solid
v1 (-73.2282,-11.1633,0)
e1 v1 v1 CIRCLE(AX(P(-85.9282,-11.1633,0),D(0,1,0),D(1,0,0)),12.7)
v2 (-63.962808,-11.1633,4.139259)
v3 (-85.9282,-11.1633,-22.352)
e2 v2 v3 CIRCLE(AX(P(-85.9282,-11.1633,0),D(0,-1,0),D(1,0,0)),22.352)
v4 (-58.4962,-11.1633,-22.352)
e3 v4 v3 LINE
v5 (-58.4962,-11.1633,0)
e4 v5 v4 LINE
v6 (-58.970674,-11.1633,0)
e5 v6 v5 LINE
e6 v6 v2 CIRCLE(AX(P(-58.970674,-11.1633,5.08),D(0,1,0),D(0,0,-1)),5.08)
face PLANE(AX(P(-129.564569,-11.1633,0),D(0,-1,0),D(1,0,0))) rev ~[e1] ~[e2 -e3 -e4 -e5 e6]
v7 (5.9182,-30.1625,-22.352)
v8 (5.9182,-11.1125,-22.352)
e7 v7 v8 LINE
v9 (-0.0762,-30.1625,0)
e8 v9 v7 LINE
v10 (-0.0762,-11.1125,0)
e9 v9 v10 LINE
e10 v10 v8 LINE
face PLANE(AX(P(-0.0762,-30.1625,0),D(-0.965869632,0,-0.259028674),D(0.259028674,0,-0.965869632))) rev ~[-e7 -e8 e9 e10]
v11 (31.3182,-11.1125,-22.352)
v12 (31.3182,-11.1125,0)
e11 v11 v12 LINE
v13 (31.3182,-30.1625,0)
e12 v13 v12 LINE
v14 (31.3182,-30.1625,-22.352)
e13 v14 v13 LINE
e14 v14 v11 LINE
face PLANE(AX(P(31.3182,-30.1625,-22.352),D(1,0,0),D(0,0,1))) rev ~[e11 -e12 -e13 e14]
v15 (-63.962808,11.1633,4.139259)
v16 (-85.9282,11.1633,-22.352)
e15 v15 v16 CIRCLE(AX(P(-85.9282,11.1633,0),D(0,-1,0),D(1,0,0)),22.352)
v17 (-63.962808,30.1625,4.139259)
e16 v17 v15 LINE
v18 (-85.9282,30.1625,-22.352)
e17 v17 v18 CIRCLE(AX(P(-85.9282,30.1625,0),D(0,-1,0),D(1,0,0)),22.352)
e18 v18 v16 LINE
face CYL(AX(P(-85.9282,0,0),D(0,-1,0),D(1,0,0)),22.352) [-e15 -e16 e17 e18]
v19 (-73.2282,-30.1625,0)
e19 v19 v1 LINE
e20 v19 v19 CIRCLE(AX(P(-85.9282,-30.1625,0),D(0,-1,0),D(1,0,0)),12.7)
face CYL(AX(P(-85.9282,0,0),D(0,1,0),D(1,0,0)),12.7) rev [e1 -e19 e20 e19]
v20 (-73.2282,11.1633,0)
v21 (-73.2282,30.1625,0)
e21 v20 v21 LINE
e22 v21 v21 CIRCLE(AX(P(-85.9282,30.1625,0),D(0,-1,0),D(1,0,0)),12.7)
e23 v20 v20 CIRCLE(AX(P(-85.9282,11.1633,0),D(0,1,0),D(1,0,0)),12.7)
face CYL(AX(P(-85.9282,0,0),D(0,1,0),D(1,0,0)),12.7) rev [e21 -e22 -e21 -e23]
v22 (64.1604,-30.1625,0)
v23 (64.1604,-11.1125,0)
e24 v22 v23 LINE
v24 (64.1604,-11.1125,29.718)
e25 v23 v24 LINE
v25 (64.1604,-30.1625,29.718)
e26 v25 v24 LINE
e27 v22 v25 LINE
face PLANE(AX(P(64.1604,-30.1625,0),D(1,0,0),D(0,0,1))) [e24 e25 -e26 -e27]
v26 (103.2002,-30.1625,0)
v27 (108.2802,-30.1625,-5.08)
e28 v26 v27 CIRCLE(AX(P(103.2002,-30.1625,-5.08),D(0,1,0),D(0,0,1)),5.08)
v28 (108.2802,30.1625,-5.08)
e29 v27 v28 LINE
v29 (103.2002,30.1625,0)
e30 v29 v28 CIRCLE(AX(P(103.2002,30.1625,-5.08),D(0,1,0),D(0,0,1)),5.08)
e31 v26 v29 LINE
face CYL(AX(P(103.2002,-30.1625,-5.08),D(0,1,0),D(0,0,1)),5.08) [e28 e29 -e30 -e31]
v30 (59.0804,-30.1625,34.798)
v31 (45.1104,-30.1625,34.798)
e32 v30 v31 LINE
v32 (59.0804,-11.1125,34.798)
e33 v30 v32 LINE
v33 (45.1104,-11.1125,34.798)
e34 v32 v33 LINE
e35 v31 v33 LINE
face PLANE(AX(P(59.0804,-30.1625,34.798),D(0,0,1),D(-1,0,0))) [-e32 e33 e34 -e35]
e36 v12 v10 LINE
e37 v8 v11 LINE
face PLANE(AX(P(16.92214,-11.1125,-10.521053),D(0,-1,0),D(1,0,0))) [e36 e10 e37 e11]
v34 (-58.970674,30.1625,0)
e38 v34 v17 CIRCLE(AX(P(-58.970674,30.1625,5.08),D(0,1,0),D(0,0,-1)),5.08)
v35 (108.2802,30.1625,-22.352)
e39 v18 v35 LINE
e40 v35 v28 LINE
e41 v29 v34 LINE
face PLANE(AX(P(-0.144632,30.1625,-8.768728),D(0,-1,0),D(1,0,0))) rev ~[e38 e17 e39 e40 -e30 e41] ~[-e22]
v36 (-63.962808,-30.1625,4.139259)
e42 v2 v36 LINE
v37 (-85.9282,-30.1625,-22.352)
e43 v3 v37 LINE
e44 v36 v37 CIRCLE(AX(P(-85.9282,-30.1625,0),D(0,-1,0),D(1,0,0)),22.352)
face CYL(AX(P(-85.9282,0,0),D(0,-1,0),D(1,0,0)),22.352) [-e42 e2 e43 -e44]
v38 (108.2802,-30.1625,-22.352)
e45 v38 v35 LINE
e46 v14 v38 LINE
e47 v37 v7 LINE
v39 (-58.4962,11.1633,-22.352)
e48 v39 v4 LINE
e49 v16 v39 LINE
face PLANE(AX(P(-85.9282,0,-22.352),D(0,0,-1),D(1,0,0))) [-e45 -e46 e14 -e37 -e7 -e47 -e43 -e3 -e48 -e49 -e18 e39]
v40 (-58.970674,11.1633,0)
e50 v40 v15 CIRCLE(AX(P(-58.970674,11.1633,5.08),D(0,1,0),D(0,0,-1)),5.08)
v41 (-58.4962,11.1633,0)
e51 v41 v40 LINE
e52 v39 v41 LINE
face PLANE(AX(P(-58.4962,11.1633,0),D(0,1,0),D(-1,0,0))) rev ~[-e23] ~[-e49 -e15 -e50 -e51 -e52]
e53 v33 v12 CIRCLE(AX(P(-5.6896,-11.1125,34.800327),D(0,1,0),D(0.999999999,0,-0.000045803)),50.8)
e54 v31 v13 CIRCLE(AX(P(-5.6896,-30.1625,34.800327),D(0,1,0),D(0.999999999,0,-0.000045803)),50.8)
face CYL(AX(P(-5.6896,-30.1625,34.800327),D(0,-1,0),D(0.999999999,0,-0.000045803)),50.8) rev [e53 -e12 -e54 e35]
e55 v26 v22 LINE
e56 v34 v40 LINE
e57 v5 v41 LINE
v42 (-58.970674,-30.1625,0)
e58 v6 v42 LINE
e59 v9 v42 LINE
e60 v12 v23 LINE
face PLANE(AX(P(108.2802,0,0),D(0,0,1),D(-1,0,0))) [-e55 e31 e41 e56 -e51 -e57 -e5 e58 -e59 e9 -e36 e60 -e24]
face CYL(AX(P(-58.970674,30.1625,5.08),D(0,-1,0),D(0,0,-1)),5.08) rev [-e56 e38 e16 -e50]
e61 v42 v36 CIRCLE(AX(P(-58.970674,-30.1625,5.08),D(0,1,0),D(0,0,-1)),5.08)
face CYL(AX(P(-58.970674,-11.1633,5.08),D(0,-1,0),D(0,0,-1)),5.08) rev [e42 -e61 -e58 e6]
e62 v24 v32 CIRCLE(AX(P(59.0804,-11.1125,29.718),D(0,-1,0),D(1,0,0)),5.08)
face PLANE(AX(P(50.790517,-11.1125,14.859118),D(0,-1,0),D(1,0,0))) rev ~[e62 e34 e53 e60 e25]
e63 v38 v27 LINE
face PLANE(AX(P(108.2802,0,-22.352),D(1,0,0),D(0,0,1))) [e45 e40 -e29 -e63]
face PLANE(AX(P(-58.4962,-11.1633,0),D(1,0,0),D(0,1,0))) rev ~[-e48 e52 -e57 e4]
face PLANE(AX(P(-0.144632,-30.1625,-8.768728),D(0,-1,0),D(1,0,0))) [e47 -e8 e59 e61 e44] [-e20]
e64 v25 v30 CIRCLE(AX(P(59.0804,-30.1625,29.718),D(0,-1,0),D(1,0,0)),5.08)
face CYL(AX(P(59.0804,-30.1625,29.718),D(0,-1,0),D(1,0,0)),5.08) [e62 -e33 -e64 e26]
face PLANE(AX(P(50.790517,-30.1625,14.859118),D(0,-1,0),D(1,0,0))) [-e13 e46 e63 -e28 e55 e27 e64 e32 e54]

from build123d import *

# Parameters (mm, degrees)
F0_R     = 12.7
F1_DEPTH = 30.1625
F2_W     = 5.08
F2_H     = 22.3266
F2_W_2   = 65.9883690595
F3_DEPTH = 254
F5_DEPTH = 19.05
F7_DEPTH = 19.05
F8_R     = 5.08


with BuildPart() as f1:
    # F0 (on Front) → F1 (new body, symmetric)
    with BuildSketch(Plane.XZ):
        with BuildLine():
            Line((108.2802, 0), (-63.5762, 0))
            ThreePointArc((-63.5762, 0), (-101.7334507731, 15.8052507731), (-85.9282, -22.352))
            Line((-85.9282, -22.352), (108.2802, -22.352))
            Line((108.2802, -22.352), (108.2802, 0))
        make_face()
        with Locations((-85.9282, 0)):
            Circle(F0_R, mode=Mode.SUBTRACT)
    extrude(amount=F1_DEPTH, both=True)

    # F2 (on face) → F3 (cut, symmetric)
    with BuildSketch(Plane.XY):
        with Locations((-61.0362, 0)):
            Rectangle(F2_W, F2_H)
        with Locations((-96.5703845298, 0)):
            Rectangle(F2_W_2, F2_H)
    extrude(amount=F3_DEPTH, both=True, mode=Mode.SUBTRACT)

    # F4 (on face) → F5 (cut)
    with BuildSketch(Plane.XZ.offset(30.1625)):
        Polygon((31.3182, 0), (-0.0762, 0), (5.9182, -22.352), (31.3182, -22.352), align=None)
    extrude(amount=-F5_DEPTH, mode=Mode.SUBTRACT)

    # F6 (on face) → F7 (join)
    with BuildSketch(Plane.XZ.offset(30.1625)):
        with BuildLine():
            ThreePointArc((64.1604, 29.718), (62.6725024484, 33.3101024484), (59.0804, 34.798))
            Line((59.0804, 34.798), (45.1104, 34.798))
            ThreePointArc((45.1104, 34.798), (41.5362153616, 16.0823576341), (31.3182, 0))
            Line((31.3182, 0), (64.1604, 0))
            Line((64.1604, 0), (64.1604, 29.718))
        make_face()
    extrude(amount=-F7_DEPTH)

    # F8
    f8_edges = [f1.edges().sort_by_distance(p)[0] for p in [
        (-63.5762, -20.6629, 0),
        (-63.5762, 20.6629, 0),
        (108.2802, 0, 0),
    ]]
    fillet(f8_edges, radius=F8_R)


solid = f1.part
